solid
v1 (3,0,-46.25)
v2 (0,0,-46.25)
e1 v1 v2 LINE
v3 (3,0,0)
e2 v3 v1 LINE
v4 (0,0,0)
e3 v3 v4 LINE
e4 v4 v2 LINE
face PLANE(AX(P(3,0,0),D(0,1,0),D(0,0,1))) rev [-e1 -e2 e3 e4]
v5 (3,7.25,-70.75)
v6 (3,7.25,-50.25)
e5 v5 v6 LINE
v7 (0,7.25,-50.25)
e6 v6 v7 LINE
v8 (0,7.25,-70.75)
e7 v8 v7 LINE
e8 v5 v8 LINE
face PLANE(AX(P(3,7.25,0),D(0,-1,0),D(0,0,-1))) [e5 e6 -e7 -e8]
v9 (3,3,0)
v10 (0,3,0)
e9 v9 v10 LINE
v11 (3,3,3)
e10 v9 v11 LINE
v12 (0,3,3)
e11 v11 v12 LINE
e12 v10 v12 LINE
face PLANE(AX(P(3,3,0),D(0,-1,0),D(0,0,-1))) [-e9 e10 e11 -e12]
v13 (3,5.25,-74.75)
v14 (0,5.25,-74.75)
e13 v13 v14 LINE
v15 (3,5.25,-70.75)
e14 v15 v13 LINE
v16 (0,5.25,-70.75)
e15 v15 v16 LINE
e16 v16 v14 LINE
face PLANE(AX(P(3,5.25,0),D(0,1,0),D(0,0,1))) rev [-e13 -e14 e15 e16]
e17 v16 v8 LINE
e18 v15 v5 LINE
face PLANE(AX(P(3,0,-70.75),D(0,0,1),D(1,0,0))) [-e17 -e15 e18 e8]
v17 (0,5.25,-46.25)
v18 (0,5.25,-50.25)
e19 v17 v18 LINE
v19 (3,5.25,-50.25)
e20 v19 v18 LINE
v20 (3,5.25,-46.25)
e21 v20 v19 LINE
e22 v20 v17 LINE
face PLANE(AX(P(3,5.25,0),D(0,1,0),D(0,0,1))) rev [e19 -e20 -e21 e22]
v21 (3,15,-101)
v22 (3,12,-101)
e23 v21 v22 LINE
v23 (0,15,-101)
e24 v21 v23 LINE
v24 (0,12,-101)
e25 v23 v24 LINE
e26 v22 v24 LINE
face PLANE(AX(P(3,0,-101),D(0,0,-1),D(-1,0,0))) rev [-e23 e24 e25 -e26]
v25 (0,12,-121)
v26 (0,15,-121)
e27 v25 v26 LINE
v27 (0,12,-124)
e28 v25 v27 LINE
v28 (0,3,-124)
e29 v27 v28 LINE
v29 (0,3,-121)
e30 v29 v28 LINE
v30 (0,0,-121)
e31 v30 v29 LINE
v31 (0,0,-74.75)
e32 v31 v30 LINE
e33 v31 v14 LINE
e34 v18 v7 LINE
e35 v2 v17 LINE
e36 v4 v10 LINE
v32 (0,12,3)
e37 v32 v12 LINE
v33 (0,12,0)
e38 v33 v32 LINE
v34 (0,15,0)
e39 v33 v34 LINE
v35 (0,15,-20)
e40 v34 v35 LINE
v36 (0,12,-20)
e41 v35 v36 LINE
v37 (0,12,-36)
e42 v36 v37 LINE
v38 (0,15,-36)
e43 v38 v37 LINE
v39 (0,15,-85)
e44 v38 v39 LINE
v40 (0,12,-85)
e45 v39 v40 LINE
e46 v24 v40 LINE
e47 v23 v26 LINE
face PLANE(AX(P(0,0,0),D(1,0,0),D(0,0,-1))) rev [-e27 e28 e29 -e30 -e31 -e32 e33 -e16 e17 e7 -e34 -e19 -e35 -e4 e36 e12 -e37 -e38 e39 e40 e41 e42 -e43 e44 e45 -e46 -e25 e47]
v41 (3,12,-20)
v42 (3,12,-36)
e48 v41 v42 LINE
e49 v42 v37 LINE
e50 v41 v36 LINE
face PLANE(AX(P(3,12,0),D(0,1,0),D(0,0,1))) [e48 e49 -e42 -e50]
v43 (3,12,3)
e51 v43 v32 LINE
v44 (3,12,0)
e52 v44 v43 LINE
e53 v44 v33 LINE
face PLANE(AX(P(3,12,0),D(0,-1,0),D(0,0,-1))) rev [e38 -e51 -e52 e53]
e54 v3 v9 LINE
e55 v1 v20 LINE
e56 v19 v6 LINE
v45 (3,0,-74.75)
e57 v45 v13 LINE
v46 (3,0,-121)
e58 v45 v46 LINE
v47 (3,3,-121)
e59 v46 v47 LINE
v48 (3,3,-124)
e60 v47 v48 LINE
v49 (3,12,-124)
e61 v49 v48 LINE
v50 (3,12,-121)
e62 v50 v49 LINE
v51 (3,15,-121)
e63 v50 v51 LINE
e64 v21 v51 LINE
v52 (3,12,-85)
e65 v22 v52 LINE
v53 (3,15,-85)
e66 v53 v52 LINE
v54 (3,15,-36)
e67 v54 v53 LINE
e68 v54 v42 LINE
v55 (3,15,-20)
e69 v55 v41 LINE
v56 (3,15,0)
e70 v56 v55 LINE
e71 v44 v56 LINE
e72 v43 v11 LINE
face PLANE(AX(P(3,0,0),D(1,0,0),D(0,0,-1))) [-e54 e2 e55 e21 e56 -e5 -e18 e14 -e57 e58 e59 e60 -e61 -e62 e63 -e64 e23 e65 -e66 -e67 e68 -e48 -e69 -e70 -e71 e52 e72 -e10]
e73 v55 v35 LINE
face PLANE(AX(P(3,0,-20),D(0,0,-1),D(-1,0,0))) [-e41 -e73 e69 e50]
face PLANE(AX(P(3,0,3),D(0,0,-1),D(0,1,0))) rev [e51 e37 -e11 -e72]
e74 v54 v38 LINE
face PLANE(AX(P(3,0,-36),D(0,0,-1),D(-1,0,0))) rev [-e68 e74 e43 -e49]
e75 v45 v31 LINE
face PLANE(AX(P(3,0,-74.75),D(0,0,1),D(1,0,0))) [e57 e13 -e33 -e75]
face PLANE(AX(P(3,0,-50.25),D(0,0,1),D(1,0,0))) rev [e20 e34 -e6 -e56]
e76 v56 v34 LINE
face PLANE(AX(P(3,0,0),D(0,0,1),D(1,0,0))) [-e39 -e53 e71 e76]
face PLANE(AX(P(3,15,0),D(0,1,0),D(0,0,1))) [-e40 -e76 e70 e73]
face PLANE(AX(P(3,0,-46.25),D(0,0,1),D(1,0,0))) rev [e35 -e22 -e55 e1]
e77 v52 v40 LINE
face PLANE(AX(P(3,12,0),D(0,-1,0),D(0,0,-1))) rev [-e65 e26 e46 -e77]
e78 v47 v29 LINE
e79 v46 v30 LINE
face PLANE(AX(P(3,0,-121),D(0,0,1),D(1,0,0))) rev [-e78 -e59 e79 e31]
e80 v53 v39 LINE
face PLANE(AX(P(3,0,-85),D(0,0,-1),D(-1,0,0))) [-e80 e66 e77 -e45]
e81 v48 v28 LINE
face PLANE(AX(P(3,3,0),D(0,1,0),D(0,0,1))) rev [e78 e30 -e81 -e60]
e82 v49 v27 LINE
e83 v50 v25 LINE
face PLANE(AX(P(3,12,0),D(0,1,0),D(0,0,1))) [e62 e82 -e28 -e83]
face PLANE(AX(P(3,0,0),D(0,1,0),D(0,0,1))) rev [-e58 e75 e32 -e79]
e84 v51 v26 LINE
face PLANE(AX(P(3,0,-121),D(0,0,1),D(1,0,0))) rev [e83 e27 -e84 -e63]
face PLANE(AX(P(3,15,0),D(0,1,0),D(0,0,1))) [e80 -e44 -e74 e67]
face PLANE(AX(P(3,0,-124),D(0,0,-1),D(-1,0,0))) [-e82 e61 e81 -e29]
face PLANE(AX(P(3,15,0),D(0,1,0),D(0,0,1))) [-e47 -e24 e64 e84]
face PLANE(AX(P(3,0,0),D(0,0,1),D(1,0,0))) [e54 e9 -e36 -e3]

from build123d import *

# Parameters (mm, degrees)
BOSS_EXTRUDE1_DEPTH = 3


with BuildPart() as part:
    # Sketch1 → Boss-Extrude1 (new body)
    with BuildSketch(Plane(origin=(0, 0, 0), x_dir=(0, 0, -1), z_dir=(1, 0, 0))):
        Polygon((0, 3), (0, 0), (46.25, 0), (46.25, 5.25), (50.25, 5.25), (50.25, 7.25), (70.75, 7.25), (70.75, 5.25), (74.75, 5.25), (74.75, 0), (121, 0), (121, 3), (124, 3), (124, 12), (121, 12), (121, 15), (101, 15), (101, 12), (85, 12), (85, 15), (36, 15), (36, 12), (20, 12), (20, 15), (0, 15), (0, 12), (-3, 12), (-3, 3), align=None)
    extrude(amount=BOSS_EXTRUDE1_DEPTH)


solid = part.part
